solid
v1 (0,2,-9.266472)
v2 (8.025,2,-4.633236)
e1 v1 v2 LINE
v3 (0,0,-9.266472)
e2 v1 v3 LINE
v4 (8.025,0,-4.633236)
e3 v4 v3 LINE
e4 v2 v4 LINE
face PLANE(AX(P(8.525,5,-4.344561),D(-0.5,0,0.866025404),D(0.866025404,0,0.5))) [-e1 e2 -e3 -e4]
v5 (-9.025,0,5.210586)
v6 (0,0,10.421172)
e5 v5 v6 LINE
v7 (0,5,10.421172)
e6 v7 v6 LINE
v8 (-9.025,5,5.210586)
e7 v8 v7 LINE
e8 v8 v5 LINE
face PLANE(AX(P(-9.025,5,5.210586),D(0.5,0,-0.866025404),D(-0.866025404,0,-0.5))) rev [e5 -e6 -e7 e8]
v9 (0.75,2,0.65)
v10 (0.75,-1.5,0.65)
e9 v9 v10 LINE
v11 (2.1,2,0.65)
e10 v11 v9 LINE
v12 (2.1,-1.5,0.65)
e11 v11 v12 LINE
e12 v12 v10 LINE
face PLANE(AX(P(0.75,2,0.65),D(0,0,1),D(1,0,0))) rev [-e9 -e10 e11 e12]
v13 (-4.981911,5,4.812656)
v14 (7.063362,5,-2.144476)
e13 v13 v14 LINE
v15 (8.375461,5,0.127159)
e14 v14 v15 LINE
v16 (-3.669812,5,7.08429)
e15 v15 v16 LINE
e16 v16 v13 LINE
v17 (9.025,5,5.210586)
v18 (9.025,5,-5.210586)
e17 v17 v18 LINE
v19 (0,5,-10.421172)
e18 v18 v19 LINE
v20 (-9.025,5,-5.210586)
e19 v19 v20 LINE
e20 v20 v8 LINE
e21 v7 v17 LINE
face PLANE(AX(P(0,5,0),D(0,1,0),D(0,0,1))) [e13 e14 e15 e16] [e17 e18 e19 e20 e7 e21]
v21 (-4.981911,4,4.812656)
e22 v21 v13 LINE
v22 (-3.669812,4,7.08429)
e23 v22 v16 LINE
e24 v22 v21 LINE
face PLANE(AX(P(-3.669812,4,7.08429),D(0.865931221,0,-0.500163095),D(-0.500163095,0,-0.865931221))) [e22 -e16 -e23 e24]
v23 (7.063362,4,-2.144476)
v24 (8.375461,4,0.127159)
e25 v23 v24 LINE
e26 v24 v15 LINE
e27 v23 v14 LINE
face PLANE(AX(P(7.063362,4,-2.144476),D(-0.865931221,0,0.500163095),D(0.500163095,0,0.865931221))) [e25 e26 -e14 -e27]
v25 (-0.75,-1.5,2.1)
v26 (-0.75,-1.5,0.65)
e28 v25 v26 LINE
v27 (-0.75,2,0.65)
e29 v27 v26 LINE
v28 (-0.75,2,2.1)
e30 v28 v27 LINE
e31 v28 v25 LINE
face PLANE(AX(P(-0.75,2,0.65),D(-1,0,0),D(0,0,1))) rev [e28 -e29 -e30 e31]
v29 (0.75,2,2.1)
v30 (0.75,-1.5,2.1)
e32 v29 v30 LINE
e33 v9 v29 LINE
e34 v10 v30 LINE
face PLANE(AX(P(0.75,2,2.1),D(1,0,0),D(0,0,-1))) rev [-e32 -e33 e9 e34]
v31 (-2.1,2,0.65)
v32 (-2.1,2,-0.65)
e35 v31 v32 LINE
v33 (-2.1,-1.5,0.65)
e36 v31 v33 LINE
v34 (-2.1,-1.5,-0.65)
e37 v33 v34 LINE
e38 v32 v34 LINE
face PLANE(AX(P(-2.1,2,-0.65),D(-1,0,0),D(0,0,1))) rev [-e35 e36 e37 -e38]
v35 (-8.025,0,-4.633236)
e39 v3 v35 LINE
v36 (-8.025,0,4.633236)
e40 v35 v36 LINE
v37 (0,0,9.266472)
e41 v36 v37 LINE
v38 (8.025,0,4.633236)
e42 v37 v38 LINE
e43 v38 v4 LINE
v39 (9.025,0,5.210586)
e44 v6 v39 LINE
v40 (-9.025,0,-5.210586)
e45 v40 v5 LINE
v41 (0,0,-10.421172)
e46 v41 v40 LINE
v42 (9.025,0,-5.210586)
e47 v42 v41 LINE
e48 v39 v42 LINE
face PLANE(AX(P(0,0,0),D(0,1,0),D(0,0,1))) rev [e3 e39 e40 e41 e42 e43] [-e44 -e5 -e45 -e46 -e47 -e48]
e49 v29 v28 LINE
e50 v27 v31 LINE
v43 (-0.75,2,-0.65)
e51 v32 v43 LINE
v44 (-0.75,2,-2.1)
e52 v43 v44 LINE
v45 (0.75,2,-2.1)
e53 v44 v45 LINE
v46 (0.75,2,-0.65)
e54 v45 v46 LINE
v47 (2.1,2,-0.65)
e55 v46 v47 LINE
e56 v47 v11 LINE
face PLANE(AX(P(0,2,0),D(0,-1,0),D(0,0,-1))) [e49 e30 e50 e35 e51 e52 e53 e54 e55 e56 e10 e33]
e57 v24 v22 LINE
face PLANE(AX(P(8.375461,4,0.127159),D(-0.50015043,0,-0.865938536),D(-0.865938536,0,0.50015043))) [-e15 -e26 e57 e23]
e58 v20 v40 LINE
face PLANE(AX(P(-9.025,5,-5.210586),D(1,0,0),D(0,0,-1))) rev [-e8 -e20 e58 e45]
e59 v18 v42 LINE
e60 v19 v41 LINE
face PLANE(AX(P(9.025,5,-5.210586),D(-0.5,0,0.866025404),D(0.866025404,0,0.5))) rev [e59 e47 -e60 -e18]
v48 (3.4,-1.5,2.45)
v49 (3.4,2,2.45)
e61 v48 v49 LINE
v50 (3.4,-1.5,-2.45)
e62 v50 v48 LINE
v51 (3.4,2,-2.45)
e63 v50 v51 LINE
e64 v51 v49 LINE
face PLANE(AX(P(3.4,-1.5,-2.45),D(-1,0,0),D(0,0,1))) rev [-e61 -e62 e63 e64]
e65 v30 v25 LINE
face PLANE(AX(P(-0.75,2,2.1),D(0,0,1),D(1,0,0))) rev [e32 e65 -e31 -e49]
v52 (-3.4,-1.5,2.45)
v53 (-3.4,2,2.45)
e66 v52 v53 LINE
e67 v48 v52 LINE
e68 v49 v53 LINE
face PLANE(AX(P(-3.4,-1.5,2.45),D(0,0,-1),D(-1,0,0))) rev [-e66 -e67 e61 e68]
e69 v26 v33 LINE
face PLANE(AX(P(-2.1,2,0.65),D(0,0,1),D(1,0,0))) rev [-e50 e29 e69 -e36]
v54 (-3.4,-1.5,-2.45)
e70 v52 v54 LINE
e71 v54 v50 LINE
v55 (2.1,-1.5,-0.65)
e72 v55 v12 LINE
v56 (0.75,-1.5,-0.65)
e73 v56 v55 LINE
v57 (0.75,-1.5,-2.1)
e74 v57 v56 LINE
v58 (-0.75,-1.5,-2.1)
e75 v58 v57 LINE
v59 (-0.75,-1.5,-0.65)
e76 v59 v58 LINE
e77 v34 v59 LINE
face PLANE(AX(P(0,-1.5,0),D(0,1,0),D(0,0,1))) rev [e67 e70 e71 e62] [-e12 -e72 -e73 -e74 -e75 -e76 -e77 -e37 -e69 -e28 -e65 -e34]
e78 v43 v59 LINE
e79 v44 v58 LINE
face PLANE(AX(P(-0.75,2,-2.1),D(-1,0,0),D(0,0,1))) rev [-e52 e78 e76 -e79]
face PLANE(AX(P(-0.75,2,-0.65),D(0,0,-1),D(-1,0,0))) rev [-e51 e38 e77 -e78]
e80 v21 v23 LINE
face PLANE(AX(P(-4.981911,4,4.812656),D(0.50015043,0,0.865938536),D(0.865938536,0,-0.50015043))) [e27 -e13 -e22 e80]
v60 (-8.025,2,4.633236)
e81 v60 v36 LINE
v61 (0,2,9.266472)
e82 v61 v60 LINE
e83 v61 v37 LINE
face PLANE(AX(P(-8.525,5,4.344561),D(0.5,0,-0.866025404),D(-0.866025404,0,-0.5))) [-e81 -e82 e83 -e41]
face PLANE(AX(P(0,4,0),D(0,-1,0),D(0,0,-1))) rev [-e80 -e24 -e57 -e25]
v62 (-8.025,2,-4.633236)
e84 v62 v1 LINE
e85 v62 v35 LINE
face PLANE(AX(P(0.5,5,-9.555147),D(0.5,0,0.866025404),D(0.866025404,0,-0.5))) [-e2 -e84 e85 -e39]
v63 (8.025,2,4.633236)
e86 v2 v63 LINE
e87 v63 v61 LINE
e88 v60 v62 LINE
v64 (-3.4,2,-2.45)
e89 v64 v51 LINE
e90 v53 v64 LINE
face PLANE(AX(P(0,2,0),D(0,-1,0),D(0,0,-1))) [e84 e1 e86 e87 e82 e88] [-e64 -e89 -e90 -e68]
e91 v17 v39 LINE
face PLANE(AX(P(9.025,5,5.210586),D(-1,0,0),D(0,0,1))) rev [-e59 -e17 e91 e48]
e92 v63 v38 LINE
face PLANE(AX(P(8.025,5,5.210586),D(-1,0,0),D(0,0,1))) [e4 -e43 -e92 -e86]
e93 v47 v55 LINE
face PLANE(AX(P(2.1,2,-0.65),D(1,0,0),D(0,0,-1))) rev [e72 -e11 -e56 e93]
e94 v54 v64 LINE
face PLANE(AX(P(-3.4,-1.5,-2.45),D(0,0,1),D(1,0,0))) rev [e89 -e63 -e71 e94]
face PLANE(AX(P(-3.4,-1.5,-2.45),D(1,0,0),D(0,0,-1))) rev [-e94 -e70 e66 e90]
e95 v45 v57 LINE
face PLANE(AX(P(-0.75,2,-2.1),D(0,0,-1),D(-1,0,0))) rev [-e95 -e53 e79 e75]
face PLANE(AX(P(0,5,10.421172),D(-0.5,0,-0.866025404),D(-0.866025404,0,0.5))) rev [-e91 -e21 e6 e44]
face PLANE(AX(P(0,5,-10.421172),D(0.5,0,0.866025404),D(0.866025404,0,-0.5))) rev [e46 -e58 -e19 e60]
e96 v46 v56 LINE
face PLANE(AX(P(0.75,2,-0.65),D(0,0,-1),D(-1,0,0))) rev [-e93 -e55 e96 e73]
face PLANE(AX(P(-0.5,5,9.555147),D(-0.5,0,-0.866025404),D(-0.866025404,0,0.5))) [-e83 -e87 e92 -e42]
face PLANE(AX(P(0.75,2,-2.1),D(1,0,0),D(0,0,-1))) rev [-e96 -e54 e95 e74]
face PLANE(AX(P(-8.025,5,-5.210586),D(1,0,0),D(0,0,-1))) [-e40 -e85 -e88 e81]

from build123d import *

# Parameters (mm, degrees)
BOSS_EXTRUDE1_DEPTH = 5
SHELL1_T            = -1
BOSS_EXTRUDE2_DEPTH = 2
SKETCH3_W           = 6.8
SKETCH3_H           = 4.9
BOSS_EXTRUDE3_DEPTH = 3.5
CUT_EXTRUDE1_DEPTH  = 3.5
CUT_EXTRUDE2_DEPTH  = 1


with BuildPart() as part:
    # Sketch1 → Boss-Extrude1 (new body)
    with BuildSketch(Plane(origin=(0, 0, 0), x_dir=(1, 0, 0), z_dir=(0, 1, 0))):
        Polygon((9.025, 5.210586179), (0, 10.421172359), (-9.025, 5.210586179), (-9.025, -5.210586179), (0, -10.421172359), (9.025, -5.210586179), align=None)
    extrude(amount=BOSS_EXTRUDE1_DEPTH)

    # Shell1
    shell1_openings = [part.faces().sort_by_distance(p)[0] for p in [
        (0, 0, 0),
    ]]
    offset(amount=SHELL1_T, openings=shell1_openings, kind=Kind.INTERSECTION)

    # Sketch2 → Boss-Extrude2 (add)
    with BuildSketch(Plane.XZ.offset(-4)):
        Polygon((8.025, -4.63323591), (8.025, 4.63323591), (0, 9.26647182), (-8.025, 4.63323591), (-8.025, -4.63323591), (0, -9.26647182), align=None)
    extrude(amount=BOSS_EXTRUDE2_DEPTH)

    # Sketch3 → Boss-Extrude3 (add)
    with BuildSketch(Plane.XZ.offset(-2)):
        Rectangle(SKETCH3_W, SKETCH3_H)
    extrude(amount=BOSS_EXTRUDE3_DEPTH)

    # Sketch4 → Cut-Extrude1 (cut)
    with BuildSketch(Plane.XZ.offset(1.5)):
        Polygon((2.1, -0.65), (2.1, 0.65), (0.75, 0.65), (0.75, 2.1), (-0.75, 2.1), (-0.75, 0.65), (-2.1, 0.65), (-2.1, -0.65), (-0.75, -0.65), (-0.75, -2.1), (0.75, -2.1), (0.75, -0.65), align=None)
    extrude(amount=-CUT_EXTRUDE1_DEPTH, mode=Mode.SUBTRACT)

    # Sketch5 → Cut-Extrude2 (cut)
    with BuildSketch(Plane(origin=(0, 5, 0), x_dir=(1, 0, 0), z_dir=(0, 1, 0))):
        Polygon((-4.981910893, -4.812655517), (7.063361543, 2.144475893), (8.375460902, -0.127158722), (-3.669811534, -7.084290132), align=None)
    extrude(amount=-CUT_EXTRUDE2_DEPTH, mode=Mode.SUBTRACT)


solid = part.part
